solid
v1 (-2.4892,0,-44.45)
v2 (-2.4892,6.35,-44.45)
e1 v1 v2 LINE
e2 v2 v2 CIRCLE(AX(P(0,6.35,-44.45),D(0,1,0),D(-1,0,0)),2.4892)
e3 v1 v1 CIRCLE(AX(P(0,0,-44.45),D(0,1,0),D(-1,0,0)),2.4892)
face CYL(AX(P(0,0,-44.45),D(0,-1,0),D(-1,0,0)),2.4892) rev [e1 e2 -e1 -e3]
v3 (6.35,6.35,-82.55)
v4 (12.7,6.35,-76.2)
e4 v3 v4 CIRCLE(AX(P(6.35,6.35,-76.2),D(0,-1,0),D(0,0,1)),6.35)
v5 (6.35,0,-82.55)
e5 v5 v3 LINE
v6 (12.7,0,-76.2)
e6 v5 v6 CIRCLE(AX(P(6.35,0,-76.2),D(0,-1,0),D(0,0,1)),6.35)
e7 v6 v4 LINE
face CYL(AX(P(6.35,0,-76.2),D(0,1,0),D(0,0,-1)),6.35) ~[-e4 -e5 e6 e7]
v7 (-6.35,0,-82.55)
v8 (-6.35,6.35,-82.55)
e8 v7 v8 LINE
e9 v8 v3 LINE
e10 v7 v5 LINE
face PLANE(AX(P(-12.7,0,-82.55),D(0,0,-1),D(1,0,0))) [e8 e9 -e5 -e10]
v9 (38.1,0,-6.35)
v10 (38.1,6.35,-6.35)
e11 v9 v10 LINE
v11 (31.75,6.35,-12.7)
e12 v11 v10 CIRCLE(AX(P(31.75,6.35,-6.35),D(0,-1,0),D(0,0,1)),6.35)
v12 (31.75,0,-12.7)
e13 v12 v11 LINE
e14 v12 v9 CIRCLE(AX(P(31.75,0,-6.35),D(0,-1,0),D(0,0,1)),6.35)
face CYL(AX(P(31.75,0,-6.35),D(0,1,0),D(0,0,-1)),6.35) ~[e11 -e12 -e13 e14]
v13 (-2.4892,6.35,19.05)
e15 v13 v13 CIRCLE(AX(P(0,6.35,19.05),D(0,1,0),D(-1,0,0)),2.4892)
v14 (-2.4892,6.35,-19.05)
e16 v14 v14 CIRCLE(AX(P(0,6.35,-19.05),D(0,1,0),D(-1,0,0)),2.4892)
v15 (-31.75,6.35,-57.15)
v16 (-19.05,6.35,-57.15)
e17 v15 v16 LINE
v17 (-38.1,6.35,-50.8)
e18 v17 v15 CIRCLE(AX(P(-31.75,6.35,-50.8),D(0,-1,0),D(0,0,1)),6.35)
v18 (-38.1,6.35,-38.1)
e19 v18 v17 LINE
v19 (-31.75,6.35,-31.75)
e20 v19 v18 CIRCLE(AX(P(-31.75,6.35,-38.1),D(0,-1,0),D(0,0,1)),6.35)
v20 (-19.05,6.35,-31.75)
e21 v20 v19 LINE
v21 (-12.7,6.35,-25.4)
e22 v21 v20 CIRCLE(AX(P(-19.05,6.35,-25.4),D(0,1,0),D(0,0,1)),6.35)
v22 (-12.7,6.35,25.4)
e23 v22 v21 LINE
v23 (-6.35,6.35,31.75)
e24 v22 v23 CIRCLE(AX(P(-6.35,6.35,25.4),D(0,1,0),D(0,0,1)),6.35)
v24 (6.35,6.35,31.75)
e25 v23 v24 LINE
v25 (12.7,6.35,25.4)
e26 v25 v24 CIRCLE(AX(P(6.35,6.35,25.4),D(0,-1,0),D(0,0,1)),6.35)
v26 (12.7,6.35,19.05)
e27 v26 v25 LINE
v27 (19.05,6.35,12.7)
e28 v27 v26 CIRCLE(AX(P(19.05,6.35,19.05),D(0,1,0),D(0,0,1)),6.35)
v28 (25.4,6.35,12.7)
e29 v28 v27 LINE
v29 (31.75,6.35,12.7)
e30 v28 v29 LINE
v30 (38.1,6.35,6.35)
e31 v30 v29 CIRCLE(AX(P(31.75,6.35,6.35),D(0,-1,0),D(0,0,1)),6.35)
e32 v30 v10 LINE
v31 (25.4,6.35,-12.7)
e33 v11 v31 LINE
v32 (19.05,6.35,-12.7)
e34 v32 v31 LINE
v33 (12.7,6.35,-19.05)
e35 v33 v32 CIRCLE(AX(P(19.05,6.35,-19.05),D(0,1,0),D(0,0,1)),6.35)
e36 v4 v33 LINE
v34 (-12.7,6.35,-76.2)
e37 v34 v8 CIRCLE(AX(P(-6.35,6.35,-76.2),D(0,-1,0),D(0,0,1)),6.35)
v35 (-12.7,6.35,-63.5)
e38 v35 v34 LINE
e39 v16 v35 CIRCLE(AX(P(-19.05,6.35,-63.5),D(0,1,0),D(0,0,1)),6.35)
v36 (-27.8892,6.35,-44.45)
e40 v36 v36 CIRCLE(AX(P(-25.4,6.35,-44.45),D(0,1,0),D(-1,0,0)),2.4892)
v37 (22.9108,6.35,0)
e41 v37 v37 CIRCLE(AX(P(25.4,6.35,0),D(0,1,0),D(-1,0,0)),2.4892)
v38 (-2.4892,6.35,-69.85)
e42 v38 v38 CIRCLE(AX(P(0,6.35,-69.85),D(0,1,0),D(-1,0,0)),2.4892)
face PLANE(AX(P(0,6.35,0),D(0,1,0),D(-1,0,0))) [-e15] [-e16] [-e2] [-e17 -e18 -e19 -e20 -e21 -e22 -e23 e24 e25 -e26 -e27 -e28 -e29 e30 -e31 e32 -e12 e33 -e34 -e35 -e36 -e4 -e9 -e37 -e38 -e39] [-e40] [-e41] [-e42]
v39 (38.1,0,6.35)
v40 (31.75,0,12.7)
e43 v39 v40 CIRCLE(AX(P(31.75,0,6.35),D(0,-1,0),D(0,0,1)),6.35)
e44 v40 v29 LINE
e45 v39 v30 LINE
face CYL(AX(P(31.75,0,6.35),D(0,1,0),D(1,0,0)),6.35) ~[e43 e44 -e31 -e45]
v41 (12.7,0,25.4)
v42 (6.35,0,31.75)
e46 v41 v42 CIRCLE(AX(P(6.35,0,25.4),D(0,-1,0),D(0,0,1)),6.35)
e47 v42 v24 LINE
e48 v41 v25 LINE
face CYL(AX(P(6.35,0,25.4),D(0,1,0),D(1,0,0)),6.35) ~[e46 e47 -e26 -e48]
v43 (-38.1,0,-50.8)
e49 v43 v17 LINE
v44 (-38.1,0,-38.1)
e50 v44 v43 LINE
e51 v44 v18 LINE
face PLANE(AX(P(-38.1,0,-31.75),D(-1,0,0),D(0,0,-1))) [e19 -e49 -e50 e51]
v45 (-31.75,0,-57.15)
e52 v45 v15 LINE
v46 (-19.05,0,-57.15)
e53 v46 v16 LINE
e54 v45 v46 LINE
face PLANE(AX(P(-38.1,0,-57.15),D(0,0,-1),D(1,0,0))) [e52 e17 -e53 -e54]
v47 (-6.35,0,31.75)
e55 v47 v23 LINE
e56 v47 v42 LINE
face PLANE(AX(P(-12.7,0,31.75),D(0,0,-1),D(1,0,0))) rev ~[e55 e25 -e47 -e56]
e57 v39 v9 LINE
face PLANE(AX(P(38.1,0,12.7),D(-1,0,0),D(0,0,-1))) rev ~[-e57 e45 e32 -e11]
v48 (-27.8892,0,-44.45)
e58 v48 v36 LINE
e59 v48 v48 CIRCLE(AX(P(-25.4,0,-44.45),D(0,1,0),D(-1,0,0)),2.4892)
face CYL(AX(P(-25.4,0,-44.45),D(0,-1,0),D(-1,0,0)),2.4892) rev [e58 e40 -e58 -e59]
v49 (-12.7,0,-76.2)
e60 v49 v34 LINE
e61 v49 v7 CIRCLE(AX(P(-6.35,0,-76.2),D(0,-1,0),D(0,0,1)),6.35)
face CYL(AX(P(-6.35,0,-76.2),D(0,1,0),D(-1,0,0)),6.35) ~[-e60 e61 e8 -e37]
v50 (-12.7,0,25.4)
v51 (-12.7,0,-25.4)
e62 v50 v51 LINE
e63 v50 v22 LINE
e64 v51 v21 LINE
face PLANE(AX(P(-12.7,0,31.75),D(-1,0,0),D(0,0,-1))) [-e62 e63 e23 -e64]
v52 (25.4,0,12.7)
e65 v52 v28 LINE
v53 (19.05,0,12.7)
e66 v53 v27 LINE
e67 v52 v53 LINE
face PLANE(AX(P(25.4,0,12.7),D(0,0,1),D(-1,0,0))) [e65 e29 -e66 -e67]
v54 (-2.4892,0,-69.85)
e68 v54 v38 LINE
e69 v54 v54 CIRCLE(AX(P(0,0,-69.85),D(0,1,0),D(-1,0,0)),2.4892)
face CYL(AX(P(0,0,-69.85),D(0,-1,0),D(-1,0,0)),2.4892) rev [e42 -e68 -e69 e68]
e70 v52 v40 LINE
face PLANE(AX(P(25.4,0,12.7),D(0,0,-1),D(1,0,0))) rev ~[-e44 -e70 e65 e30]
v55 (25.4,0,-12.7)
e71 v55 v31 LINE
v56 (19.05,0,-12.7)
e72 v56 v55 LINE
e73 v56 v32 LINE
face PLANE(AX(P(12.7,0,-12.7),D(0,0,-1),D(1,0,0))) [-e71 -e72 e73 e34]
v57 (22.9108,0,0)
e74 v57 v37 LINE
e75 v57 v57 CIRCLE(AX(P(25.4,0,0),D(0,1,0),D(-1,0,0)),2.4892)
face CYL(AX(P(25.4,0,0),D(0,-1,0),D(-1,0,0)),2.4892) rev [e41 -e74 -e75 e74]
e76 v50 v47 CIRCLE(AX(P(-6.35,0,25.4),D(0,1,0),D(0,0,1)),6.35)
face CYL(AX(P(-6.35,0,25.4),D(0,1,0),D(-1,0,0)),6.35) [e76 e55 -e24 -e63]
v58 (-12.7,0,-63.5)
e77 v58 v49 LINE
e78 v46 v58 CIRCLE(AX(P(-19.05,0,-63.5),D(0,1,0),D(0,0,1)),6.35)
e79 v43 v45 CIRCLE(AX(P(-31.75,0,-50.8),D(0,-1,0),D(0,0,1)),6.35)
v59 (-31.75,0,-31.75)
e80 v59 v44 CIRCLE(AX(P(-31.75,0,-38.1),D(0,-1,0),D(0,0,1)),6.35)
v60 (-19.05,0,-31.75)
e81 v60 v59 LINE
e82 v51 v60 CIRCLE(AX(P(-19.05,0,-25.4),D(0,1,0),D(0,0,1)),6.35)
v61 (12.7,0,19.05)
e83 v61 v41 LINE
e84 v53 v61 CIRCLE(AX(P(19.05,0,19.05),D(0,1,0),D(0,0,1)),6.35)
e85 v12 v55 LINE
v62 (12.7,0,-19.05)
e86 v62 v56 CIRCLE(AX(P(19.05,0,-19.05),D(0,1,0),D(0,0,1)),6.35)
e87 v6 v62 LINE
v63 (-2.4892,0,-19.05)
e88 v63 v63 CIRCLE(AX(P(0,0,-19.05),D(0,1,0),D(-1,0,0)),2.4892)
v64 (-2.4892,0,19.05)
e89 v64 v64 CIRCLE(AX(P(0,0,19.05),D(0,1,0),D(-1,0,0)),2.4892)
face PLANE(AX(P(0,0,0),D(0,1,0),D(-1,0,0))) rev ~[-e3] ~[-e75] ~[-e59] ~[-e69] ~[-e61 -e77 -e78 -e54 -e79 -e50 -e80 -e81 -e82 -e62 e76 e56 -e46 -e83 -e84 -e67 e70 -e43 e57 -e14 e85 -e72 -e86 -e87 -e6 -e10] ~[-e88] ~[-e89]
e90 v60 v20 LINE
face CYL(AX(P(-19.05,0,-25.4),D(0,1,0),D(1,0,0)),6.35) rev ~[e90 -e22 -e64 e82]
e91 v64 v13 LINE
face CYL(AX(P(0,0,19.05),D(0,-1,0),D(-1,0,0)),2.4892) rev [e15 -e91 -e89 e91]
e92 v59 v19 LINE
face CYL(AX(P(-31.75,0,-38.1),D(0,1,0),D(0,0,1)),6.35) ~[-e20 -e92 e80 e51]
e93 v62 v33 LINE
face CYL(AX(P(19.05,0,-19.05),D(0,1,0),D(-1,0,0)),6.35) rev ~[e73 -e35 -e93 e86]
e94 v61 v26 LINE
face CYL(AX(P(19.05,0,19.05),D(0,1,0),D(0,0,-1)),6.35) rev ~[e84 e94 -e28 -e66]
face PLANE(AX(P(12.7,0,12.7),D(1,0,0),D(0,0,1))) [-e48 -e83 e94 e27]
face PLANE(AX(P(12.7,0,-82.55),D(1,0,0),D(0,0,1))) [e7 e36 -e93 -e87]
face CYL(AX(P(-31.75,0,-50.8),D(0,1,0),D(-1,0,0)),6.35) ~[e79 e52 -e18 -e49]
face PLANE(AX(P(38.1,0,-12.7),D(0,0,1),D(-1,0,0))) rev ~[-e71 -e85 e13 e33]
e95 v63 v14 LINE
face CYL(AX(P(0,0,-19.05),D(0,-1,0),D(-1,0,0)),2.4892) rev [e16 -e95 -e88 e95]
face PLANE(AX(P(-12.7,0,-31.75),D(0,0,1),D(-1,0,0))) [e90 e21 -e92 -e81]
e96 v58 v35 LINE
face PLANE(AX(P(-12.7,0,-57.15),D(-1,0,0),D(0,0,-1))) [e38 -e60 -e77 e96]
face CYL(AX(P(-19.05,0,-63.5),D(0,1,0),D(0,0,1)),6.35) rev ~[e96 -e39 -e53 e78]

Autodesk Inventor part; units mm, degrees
ref_plane "YZ Plane" through (0, 0, 0) normal (1, 0, 0) x (0, 1, 0)
ref_plane "XZ Plane" through (0, 0, 0) normal (0, 1, 0) x (-1, 0, 0)
ref_plane "XY Plane" through (0, 0, 0) normal (0, 0, 1) x (1, 0, 0)
sketch "Sketch1" plane through (0, 0, 0) normal (0, 1, 0) x (-1, 0, 0)
  line L0 (0, 6.35) -> (0, -6.35) construction
  line L1 (0, 0) -> (-6.35, 0) construction
  line L2 (0, -6.35) -> (0, -44.45) construction
  line L3 (0, -44.45) -> (12.7, -44.45) construction
  line L4 (0, -44.45) -> (0, -69.85) construction
  line L5 (-6.35, 0) -> (-12.7, 0) construction
  line L6 (0, 6.35) -> (0, 31.75) construction
  circle A0 centre (0, 31.75) radius 2.4892 construction
  circle A1 centre (0, 19.05) radius 2.4892
  circle A2 centre (0, 6.35) radius 2.4892 construction
  circle A3 centre (0, -6.35) radius 2.4892 construction
  circle A4 centre (0, -19.05) radius 2.4892
  circle A5 centre (0, -31.75) radius 2.4892 construction
  circle A6 centre (0, -44.45) radius 2.4892
  circle A7 centre (0, -57.15) radius 2.4892 construction
  circle A8 centre (0, -69.85) radius 2.4892
  circle A9 centre (12.7, -44.45) radius 2.4892 construction
  line L7 (12.7, -44.45) -> (38.1, -44.45) construction
  circle A10 centre (25.4, -44.45) radius 2.4892
  circle A11 centre (38.1, -44.45) radius 2.4892 construction
  line L8 (12.7, 31.75) -> (-12.7, 31.75)
  line L9 (12.7, 31.75) -> (12.7, -31.75)
  line L10 (12.7, -31.75) -> (38.1, -31.75)
  line L11 (38.1, -31.75) -> (38.1, -57.15)
  line L12 (38.1, -57.15) -> (12.7, -57.15)
  line L13 (12.7, -57.15) -> (12.7, -82.55)
  line L14 (12.7, -82.55) -> (-12.7, -82.55)
  line L15 (-12.7, -82.55) -> (-12.7, -12.7)
  line L16 (-12.7, -12.7) -> (-25.4, -12.7)
  line L17 (-25.4, -12.7) -> (-25.4, 12.7) construction
  line L18 (-25.4, 12.7) -> (-12.7, 12.7)
  line L19 (-12.7, 12.7) -> (-12.7, 31.75)
  circle A12 centre (-25.4, 0) radius 2.4892
  line L20 (-25.4, 12.7) -> (-38.1, 12.7)
  line L21 (-38.1, 12.7) -> (-38.1, -12.7)
  line L22 (-38.1, -12.7) -> (-25.4, -12.7)
  point P0 (0, 31.75)
  point P1 (0, -82.55)
  dimension "d0" = 12.7
  dimension "d1" = 6.35
  dimension "d2" = 38.1
  dimension "d3" = 12.7
  dimension "d4" = 25.4
  dimension "d6" = 25.4
  dimension "d15" = 4.9784
  dimension "d18" = 12.7
  dimension "d23" = 4.9784
  dimension "d24" = 25.4
  dimension "d27" = 12.7
  dimension "d32" = 25.4
  dimension "d33" = 12.7
  dimension "d34" = 12.7
  dimension "d36" = 12.7
  dimension "d40" = 4.9784
  dimension "d41" = 12.7
extrude "Extrusion1" add sketch "Sketch1" along normal blind 6.35
fillet "Fillet1" radius 6.35 12 edges at (-12.7, 3.175, 31.75) (12.7, 3.175, 31.75) (12.7, 3.175, 12.7) (-12.7, 3.175, -31.75) (-38.1, 3.175, -31.75) (-38.1, 3.175, -57.15) (-12.7, 3.175, -57.15) (-12.7, 3.175, -82.55) (12.7, 3.175, -82.55) (12.7, 3.175, -12.7) (38.1, 3.175, 12.7) (38.1, 3.175, -12.7)
properties part number "STRU_021_DVBSBracket2" material "Aluminum 6061"
